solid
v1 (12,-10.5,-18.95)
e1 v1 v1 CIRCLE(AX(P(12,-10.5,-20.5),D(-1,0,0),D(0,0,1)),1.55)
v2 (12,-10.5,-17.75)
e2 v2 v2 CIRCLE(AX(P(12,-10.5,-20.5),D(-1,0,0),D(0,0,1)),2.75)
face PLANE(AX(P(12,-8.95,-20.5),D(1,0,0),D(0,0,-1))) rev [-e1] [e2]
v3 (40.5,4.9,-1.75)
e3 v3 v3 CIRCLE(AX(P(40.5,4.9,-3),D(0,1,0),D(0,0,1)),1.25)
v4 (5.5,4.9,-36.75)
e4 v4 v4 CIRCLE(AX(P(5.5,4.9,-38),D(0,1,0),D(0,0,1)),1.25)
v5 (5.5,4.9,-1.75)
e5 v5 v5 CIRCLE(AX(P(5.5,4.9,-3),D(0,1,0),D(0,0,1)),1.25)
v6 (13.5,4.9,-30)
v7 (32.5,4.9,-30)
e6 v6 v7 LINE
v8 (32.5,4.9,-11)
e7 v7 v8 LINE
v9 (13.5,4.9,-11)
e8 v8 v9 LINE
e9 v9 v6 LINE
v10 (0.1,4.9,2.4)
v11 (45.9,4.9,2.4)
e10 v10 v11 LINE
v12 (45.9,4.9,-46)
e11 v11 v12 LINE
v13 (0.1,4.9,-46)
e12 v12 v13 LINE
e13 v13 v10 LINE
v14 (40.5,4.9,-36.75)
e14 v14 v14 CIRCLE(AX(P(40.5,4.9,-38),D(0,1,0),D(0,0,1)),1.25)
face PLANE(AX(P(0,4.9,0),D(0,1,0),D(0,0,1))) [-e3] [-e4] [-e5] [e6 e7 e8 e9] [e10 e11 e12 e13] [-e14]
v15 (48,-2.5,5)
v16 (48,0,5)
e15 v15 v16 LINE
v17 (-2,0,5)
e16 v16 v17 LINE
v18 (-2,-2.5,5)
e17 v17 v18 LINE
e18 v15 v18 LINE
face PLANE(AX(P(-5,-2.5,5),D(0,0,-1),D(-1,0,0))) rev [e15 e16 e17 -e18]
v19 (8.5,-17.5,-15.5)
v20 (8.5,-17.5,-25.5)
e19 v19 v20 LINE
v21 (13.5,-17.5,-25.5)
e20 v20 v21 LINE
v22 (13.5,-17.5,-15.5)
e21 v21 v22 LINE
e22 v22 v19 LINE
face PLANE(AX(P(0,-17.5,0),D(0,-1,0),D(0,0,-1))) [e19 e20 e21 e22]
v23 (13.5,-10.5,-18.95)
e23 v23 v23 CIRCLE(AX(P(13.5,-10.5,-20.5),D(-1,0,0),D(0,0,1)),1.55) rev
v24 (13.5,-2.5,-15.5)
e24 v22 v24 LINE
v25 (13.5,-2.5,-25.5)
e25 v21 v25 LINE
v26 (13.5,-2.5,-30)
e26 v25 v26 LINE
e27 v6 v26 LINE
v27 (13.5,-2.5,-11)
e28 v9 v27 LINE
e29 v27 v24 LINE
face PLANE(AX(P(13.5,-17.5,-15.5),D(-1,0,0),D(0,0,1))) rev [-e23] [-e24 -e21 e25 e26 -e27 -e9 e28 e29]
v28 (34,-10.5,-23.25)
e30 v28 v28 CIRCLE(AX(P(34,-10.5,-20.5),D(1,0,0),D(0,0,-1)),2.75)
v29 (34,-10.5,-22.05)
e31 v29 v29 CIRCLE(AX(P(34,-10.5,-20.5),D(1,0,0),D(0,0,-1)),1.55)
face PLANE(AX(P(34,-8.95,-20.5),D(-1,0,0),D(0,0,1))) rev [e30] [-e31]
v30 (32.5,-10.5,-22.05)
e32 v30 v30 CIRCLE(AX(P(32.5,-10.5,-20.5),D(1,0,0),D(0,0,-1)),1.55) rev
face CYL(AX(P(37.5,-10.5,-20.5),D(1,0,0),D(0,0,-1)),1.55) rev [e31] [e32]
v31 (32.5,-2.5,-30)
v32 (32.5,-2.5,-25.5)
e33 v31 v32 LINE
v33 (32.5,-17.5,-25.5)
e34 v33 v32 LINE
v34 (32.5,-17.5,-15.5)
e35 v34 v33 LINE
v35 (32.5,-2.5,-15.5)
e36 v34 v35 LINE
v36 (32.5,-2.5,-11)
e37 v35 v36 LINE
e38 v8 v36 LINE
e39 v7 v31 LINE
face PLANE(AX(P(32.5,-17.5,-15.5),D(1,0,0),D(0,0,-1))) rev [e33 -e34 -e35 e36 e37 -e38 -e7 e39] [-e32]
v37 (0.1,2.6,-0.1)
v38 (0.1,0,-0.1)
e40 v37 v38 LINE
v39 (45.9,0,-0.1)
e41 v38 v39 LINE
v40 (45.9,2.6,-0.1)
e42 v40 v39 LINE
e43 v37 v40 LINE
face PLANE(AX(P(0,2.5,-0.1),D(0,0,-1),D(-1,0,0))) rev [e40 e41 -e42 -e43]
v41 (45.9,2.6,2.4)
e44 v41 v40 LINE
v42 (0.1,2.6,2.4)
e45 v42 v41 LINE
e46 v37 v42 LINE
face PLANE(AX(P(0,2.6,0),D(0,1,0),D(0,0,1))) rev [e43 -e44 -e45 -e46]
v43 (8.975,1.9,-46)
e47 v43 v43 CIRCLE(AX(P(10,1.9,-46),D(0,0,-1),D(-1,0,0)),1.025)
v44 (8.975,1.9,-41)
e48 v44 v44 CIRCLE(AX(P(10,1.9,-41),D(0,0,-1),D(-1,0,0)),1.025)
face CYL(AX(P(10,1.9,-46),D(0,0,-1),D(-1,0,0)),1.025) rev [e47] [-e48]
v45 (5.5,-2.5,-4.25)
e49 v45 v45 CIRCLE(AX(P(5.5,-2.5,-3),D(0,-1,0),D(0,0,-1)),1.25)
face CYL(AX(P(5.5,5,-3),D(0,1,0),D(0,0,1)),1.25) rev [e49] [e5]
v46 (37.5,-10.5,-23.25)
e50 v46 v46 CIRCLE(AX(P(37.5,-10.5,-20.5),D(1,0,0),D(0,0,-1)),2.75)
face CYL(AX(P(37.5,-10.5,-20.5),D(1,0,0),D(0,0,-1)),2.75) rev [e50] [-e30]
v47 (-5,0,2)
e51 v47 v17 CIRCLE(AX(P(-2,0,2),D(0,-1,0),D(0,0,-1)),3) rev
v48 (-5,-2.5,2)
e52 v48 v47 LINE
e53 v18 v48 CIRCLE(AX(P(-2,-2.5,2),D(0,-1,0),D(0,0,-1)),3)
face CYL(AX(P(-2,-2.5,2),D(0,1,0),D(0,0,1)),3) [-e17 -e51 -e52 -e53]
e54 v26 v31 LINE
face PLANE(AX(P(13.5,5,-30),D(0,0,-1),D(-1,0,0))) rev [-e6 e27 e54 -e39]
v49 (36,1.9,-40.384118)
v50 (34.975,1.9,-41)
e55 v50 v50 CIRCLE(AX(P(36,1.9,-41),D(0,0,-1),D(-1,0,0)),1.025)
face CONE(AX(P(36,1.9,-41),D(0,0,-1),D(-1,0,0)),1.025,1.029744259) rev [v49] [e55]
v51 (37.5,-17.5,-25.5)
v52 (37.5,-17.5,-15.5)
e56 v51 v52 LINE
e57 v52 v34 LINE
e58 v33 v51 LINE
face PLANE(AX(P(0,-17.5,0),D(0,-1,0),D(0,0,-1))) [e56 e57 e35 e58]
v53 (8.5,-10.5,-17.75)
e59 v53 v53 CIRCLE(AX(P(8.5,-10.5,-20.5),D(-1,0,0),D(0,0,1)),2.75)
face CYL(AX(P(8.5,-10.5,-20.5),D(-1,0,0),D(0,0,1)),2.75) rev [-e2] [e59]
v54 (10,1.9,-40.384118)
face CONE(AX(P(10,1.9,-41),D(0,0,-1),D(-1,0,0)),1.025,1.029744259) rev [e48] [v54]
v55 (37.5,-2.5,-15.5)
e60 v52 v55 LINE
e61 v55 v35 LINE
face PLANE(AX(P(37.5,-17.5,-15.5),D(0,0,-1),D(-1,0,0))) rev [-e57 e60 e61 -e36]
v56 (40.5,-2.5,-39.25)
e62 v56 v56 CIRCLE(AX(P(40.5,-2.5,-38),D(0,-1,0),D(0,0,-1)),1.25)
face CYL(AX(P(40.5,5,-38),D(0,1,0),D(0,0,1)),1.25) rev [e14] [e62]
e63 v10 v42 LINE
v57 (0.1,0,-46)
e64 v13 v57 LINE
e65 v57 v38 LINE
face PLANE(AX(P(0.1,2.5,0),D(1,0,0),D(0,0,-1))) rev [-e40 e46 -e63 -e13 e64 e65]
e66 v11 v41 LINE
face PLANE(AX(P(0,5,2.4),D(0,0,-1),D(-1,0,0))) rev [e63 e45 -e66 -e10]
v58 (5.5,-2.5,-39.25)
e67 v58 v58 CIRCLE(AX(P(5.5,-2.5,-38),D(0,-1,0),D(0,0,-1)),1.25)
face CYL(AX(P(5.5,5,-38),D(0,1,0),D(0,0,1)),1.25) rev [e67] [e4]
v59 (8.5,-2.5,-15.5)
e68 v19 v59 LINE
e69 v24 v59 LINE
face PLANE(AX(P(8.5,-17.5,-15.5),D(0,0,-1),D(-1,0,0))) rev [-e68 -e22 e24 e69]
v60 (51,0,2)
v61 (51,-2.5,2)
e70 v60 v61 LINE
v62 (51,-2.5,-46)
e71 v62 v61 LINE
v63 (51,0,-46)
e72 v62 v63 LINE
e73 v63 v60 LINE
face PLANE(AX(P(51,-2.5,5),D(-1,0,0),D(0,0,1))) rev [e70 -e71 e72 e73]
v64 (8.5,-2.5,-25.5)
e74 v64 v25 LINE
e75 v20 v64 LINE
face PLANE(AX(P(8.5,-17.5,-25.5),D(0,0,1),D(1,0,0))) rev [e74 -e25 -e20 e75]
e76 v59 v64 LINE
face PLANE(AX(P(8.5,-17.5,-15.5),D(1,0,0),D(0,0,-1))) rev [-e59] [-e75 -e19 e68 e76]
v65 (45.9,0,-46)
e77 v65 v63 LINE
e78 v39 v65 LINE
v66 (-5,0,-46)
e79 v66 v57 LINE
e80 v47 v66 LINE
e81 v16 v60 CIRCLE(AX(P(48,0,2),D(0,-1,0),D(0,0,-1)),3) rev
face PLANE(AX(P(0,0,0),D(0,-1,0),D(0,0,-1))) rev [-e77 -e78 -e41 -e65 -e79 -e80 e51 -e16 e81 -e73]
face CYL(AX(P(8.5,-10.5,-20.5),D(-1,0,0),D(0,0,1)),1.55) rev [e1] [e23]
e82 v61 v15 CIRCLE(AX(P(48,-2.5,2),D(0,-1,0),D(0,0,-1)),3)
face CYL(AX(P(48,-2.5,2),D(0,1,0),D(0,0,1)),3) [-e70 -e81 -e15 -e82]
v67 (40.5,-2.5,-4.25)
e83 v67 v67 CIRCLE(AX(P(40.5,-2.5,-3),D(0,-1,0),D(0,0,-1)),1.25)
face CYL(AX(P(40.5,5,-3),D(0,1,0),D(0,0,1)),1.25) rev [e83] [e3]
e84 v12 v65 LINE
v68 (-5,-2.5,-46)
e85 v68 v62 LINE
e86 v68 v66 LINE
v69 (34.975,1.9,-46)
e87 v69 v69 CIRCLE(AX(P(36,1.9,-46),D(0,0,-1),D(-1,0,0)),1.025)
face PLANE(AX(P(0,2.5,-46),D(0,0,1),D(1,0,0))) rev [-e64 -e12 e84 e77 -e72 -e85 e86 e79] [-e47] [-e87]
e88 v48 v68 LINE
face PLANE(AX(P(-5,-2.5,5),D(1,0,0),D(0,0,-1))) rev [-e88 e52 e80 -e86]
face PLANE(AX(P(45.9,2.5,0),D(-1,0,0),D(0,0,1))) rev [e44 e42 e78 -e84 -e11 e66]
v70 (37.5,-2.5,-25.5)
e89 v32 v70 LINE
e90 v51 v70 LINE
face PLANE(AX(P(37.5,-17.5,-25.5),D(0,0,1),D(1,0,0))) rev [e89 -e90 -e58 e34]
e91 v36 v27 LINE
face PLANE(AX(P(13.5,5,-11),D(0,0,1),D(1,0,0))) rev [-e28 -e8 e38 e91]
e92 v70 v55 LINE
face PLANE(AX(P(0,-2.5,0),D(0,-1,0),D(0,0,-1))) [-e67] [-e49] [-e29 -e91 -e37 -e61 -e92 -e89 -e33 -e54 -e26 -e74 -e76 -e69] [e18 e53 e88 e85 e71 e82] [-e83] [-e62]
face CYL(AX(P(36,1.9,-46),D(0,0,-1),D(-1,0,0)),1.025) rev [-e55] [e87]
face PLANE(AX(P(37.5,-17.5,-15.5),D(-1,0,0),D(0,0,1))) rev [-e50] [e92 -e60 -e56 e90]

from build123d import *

# Parameters (mm, degrees)
SKETCH1_W                        = 46
SKETCH1_H                        = 46
BOSS_EXTRUDE1_DEPTH              = 2.5
SKETCH2_W                        = 46
SKETCH2_H                        = 48.5
BOSS_EXTRUDE2_DEPTH              = 2.5
SKETCH3_W                        = 56
SKETCH3_H                        = 51
BOSS_EXTRUDE3_DEPTH              = 2.5
SKETCH7_W                        = 5
SKETCH7_H                        = 10
BOSS_EXTRUDE6_DEPTH              = 15
CBORE_FOR_M2_5_SHCS1_D           = 3.1
CBORE_FOR_M2_5_SHCS1_DEPTH       = 5
CBORE_FOR_M2_5_SHCS1_CBORE_D     = 5.5
CBORE_FOR_M2_5_SHCS1_CBORE_DEPTH = 3.5
CBORE_FOR_M2_5_SHCS1_TIP         = 0.931333959
SKETCH11_W                       = 19
SKETCH11_H                       = 19
CUT_EXTRUDE2_DEPTH               = 71.299359883
M3X0_5_TAPPED_HOLE1_D            = 2.5
FILLET1_R                        = 3
MOVE_FACE1_BY                    = 0.1
MOVE_FACE1_2_BY                  = 0.1
MOVE_FACE1_3_BY                  = 0.1
MOVE_FACE1_4_BY                  = 0.1
MOVE_FACE2_BY                    = 0.1
MOVE_FACE2_2_BY                  = 0.1
M2_5X0_45_TAPPED_HOLE1_D         = 2.05
M2_5X0_45_TAPPED_HOLE1_DEPTH     = 5
M2_5X0_45_TAPPED_HOLE1_TIP       = 0.615882135
CBORE_FOR_M2_5_SHCS2_D           = 3.1
CBORE_FOR_M2_5_SHCS2_DEPTH       = 5
CBORE_FOR_M2_5_SHCS2_CBORE_D     = 5.5
CBORE_FOR_M2_5_SHCS2_CBORE_DEPTH = 3.5
CBORE_FOR_M2_5_SHCS2_TIP         = 0.931333959


with BuildPart() as part:
    # Sketch1 → Boss-Extrude1 (new body)
    with BuildSketch(Plane(origin=(0, 0, 0), x_dir=(1, 0, 0), z_dir=(0, 1, 0))):
        with Locations((23, 23)):
            Rectangle(SKETCH1_W, SKETCH1_H)
    extrude(amount=BOSS_EXTRUDE1_DEPTH)

    # Sketch2 → Boss-Extrude2 (add)
    with BuildSketch(Plane(origin=(0, 2.5, 0), x_dir=(1, 0, 0), z_dir=(0, 1, 0))):
        with Locations((23, 21.75)):
            Rectangle(SKETCH2_W, SKETCH2_H)
    extrude(amount=BOSS_EXTRUDE2_DEPTH)

    # Sketch3 → Boss-Extrude3 (add)
    with BuildSketch(Plane.XZ):
        with Locations((23, -20.5)):
            Rectangle(SKETCH3_W, SKETCH3_H)
    extrude(amount=BOSS_EXTRUDE3_DEPTH)

    # Sketch7 → Boss-Extrude6 (add)
    with BuildSketch(Plane.XZ.offset(2.5)):
        with Locations((11, -20.5)):
            Rectangle(SKETCH7_W, SKETCH7_H)
        with Locations((35, -20.5)):
            Rectangle(SKETCH7_W, SKETCH7_H)
    extrude(amount=BOSS_EXTRUDE6_DEPTH)

    # CBORE for M2.5 SHCS1
    with Locations(Plane.ZY.offset(-8.5)):
        with Locations((-20.5, -10.5)):
            CounterBoreHole(CBORE_FOR_M2_5_SHCS1_D / 2, CBORE_FOR_M2_5_SHCS1_CBORE_D / 2, CBORE_FOR_M2_5_SHCS1_CBORE_DEPTH, depth=CBORE_FOR_M2_5_SHCS1_DEPTH)
            with Locations((0, 0, -(CBORE_FOR_M2_5_SHCS1_DEPTH + CBORE_FOR_M2_5_SHCS1_TIP / 2))):  # 118° drill point
                Cone(0, CBORE_FOR_M2_5_SHCS1_D / 2, CBORE_FOR_M2_5_SHCS1_TIP, mode=Mode.SUBTRACT)

    # Sketch11 → Cut-Extrude2 (cut, through all)
    with BuildSketch(Plane.XZ.offset(2.5)):
        with Locations((23, -20.5)):
            Rectangle(SKETCH11_W, SKETCH11_H)
    extrude(amount=-CUT_EXTRUDE2_DEPTH, mode=Mode.SUBTRACT)

    # M3x0.5 Tapped Hole1 (through all)
    with Locations(Plane(origin=(0, 5, 0), x_dir=(1, 0, 0), z_dir=(0, 1, 0))):
        with Locations((5.5, 38), (40.5, 38), (40.5, 3), (5.5, 3)):
            Hole(M3X0_5_TAPPED_HOLE1_D / 2)

    # Fillet1
    fillet1_edges = [part.edges().sort_by_distance(p)[0] for p in [
        (51, -1.25, 5),
        (-5, -1.25, 5),
    ]]
    fillet(fillet1_edges, radius=FILLET1_R)

    # Move Face1: a face moved inward by 0.1
    extrude(part.faces().sort_by_distance((23, 5, -9.625))[0], amount=MOVE_FACE1_BY, dir=(0, -1, 0), mode=Mode.SUBTRACT)

    # Move Face1 2: a face moved inward by 0.1
    extrude(part.faces().sort_by_distance((23, 2.5, 1.25))[0], amount=MOVE_FACE1_2_BY, dir=(0, 1, 0), mode=Mode.SUBTRACT)

    # Move Face1 3: a face moved inward by 0.1
    extrude(part.faces().sort_by_distance((23, 3.75, 2.5))[0], amount=MOVE_FACE1_3_BY, dir=(0, 0, -1), mode=Mode.SUBTRACT)

    # Move Face1 4: a face moved inward by 0.1
    extrude(part.faces().sort_by_distance((23, 1.25, 0))[0], amount=MOVE_FACE1_4_BY, dir=(0, 0, -1), mode=Mode.SUBTRACT)

    # Move Face2: a face moved inward by 0.1
    extrude(part.faces().sort_by_distance((0, 2.482407006, -22.446731119))[0], amount=MOVE_FACE2_BY, dir=(1, 0, 0), mode=Mode.SUBTRACT)

    # Move Face2 2: a face moved inward by 0.1
    extrude(part.faces().sort_by_distance((46, 2.482407006, -22.446731119))[0], amount=MOVE_FACE2_2_BY, dir=(-1, 0, 0), mode=Mode.SUBTRACT)

    # M2.5x0.45 Tapped Hole1
    with Locations(Plane(origin=(0, 0, -46), x_dir=(-1, 0, 0), z_dir=(0, 0, -1))):
        with Locations((-36, 1.9), (-10, 1.9)):
            Hole(M2_5X0_45_TAPPED_HOLE1_D / 2, depth=M2_5X0_45_TAPPED_HOLE1_DEPTH)
            with Locations((0, 0, -(M2_5X0_45_TAPPED_HOLE1_DEPTH + M2_5X0_45_TAPPED_HOLE1_TIP / 2))):  # 118° drill point
                Cone(0, M2_5X0_45_TAPPED_HOLE1_D / 2, M2_5X0_45_TAPPED_HOLE1_TIP, mode=Mode.SUBTRACT)

    # CBORE for M2.5 SHCS2
    with Locations(Plane(origin=(37.5, 0, 0), x_dir=(0, 0, -1), z_dir=(1, 0, 0))):
        with Locations((20.5, -10.5)):
            CounterBoreHole(CBORE_FOR_M2_5_SHCS2_D / 2, CBORE_FOR_M2_5_SHCS2_CBORE_D / 2, CBORE_FOR_M2_5_SHCS2_CBORE_DEPTH, depth=CBORE_FOR_M2_5_SHCS2_DEPTH)
            with Locations((0, 0, -(CBORE_FOR_M2_5_SHCS2_DEPTH + CBORE_FOR_M2_5_SHCS2_TIP / 2))):  # 118° drill point
                Cone(0, CBORE_FOR_M2_5_SHCS2_D / 2, CBORE_FOR_M2_5_SHCS2_TIP, mode=Mode.SUBTRACT)


solid = part.part
